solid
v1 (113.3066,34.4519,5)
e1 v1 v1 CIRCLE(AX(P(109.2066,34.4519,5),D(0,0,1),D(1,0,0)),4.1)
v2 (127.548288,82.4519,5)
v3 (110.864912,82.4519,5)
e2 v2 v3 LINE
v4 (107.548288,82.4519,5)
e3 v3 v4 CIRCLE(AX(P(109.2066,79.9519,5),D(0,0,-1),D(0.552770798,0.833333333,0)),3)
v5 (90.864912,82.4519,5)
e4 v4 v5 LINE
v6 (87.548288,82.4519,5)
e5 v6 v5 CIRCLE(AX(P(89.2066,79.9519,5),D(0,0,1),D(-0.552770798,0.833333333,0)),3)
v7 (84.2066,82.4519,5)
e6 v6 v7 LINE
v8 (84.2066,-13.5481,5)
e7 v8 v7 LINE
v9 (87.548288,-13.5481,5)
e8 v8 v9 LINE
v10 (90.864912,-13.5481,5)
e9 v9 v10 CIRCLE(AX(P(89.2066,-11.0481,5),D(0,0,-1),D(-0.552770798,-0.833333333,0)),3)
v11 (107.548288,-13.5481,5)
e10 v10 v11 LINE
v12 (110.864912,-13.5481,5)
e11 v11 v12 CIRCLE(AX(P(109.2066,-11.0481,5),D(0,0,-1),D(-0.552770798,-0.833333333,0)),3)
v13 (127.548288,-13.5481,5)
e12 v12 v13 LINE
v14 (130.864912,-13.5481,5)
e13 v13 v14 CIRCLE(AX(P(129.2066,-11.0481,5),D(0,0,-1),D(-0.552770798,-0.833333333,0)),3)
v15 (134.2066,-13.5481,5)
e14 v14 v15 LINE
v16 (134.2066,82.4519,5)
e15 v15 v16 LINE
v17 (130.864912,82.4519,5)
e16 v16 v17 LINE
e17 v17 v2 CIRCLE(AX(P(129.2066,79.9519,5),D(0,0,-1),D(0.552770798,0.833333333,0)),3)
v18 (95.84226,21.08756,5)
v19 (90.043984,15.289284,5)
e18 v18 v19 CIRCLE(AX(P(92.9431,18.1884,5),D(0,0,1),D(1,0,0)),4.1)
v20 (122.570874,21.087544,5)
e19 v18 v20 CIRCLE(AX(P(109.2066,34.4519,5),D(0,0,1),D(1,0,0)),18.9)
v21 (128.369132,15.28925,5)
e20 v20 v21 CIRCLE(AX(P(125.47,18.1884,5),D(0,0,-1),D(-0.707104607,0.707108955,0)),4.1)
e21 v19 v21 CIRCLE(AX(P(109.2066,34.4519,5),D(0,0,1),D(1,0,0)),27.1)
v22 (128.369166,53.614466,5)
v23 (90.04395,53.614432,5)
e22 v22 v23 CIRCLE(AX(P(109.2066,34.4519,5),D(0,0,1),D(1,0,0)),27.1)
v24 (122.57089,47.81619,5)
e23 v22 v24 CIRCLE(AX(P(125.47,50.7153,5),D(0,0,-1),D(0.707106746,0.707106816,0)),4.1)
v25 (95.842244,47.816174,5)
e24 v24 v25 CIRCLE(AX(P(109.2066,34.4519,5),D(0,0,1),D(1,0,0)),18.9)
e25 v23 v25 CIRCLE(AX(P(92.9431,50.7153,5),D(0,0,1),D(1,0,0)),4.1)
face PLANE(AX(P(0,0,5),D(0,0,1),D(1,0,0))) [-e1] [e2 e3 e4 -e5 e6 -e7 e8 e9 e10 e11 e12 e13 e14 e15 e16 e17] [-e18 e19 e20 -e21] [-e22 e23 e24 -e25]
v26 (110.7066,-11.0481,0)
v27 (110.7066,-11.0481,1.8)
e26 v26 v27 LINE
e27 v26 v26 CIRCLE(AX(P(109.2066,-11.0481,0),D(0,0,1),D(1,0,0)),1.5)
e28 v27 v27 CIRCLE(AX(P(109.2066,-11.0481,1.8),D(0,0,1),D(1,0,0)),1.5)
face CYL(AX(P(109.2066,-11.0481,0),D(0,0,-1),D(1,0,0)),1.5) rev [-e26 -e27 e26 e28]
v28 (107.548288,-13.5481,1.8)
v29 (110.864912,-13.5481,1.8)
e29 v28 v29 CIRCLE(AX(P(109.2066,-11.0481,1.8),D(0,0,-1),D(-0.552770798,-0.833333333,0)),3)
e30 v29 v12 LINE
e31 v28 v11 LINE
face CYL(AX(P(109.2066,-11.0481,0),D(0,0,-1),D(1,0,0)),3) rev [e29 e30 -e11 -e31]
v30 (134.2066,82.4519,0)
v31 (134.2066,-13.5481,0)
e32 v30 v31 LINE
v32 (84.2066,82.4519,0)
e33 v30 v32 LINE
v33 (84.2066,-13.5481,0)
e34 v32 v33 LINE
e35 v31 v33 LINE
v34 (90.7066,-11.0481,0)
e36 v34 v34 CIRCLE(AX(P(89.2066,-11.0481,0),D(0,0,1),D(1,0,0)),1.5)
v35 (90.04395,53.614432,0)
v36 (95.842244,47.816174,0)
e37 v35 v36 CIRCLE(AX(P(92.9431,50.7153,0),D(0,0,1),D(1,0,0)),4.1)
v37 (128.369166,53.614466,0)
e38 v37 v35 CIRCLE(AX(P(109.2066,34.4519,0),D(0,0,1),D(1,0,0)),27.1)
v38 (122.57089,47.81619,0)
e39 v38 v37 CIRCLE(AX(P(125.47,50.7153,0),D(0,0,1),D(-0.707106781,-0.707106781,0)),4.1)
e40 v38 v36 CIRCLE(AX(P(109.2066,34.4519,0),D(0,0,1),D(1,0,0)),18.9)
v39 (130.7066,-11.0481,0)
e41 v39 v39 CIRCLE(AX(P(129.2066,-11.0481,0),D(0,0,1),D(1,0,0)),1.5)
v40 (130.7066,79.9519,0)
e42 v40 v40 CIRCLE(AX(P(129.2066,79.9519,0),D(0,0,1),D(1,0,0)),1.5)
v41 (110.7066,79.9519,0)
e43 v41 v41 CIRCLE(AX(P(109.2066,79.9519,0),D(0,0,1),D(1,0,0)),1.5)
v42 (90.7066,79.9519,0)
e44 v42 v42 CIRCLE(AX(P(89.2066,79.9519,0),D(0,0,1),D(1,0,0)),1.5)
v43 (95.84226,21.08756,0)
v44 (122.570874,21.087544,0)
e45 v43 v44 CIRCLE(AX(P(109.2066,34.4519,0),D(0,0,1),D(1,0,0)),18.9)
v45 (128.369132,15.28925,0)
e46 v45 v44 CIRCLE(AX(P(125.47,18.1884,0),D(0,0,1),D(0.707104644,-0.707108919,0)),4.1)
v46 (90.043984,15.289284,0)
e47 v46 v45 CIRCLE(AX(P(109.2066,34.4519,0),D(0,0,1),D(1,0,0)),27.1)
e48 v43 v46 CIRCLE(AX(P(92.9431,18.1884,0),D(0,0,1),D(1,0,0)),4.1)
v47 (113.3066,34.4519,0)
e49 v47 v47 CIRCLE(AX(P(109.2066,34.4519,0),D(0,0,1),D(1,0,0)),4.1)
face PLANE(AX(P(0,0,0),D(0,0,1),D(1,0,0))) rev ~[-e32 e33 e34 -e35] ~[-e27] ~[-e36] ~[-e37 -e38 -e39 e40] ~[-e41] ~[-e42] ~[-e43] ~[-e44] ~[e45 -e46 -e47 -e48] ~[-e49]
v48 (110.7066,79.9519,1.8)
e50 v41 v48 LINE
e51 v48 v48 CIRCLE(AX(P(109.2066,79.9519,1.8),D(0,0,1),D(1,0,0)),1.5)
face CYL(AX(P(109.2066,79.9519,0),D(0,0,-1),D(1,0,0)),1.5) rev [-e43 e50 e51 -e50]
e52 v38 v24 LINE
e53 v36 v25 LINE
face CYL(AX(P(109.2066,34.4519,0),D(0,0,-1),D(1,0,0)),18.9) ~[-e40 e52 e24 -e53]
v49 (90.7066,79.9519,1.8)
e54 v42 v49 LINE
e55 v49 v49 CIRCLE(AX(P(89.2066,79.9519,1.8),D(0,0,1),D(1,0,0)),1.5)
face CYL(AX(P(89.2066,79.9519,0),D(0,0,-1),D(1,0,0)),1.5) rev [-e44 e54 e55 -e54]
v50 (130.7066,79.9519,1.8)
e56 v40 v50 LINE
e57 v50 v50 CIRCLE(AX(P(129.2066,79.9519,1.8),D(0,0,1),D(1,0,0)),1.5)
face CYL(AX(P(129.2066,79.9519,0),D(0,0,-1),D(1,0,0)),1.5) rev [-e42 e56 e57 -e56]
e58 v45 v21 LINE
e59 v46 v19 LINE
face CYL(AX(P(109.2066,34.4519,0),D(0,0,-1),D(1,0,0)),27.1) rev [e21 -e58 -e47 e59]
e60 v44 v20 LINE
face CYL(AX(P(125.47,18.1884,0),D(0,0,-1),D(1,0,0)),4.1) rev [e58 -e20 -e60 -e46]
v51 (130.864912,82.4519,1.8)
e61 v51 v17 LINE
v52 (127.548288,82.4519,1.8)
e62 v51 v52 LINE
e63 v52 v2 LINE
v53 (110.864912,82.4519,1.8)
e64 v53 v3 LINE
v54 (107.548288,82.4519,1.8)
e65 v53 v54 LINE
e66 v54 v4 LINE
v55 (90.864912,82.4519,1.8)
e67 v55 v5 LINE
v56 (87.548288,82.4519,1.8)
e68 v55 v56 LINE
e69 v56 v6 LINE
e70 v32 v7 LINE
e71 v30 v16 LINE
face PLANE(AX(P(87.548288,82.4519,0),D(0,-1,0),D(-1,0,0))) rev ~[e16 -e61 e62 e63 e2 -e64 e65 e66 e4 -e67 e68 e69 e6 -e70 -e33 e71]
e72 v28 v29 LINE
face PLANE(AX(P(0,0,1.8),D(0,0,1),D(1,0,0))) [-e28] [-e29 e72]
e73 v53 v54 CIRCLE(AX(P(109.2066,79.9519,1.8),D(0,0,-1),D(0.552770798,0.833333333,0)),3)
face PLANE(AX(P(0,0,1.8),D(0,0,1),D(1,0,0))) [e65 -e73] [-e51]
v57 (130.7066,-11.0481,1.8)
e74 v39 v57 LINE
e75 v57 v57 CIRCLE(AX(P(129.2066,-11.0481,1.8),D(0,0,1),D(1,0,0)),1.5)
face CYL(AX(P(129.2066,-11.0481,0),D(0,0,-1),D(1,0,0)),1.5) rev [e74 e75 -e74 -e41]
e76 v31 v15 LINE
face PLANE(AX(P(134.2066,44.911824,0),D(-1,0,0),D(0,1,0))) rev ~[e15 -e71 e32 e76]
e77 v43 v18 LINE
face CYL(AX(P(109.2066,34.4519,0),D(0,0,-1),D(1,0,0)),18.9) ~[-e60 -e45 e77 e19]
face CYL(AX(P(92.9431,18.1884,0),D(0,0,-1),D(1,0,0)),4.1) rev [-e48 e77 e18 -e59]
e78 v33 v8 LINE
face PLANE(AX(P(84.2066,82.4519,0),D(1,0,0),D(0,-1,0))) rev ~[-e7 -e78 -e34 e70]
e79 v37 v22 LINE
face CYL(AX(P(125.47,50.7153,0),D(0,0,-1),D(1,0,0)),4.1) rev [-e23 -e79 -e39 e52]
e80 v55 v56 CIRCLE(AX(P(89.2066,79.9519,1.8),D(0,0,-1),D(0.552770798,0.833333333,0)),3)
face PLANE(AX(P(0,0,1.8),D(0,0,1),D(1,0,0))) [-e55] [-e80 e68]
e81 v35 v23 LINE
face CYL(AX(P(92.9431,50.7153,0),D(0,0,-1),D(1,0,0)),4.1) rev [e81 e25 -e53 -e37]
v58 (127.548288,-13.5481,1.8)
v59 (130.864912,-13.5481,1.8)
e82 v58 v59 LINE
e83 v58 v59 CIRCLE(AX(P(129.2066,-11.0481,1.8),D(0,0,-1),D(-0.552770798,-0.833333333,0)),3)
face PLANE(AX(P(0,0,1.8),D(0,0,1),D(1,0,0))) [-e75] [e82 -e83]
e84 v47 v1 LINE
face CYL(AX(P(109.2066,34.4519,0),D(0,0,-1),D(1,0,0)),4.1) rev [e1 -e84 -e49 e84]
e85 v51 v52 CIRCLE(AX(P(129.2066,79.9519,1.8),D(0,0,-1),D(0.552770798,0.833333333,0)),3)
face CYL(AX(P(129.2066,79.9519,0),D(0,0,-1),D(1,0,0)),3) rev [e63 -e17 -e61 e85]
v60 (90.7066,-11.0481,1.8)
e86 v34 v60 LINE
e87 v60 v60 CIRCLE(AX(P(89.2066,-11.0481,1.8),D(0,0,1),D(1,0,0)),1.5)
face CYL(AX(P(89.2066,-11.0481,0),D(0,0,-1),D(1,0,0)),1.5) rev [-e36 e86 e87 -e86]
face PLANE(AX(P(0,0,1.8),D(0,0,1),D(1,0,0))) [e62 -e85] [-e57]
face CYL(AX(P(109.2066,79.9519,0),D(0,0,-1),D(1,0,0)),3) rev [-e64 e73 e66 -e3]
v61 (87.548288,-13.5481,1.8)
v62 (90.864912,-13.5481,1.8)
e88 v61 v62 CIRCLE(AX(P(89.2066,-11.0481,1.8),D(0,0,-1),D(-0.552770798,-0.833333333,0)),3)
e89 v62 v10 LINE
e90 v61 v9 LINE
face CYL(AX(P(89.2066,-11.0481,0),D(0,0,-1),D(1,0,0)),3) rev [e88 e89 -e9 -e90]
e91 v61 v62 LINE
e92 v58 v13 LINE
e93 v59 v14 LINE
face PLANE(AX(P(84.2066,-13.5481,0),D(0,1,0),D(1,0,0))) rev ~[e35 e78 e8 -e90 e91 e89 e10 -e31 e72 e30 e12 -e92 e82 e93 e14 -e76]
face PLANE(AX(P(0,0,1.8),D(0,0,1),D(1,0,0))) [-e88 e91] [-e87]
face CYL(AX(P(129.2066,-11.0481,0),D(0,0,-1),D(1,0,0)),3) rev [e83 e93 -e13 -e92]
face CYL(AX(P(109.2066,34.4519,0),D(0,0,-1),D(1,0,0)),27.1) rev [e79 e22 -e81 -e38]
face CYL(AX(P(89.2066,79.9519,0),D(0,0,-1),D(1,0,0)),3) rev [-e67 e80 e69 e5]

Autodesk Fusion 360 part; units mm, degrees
sketch "Schizzo5" plane through (0, 0, 0) normal (0, 0, 1) x (1, 0, 0)
  line L0 (84.2066, 82.4519) -> (84.2066, -13.5481)
  circle A0 centre (89.2066, -11.0481) radius 1.5
  circle A1 centre (129.2066, 79.9519) radius 3
  line L1 (84.2066, 34.4519) -> (134.2066, 34.4519) construction
  circle A2 centre (109.2066, 79.9519) radius 1.5
  circle A3 centre (89.2066, 79.9519) radius 3
  circle A4 centre (89.2066, 79.9519) radius 1.5
  line L2 (134.2066, 82.4519) -> (84.2066, 82.4519)
  circle A5 centre (129.2066, 79.9519) radius 1.5
  circle A6 centre (109.2066, 79.9519) radius 3
  circle A7 centre (109.2066, 34.4519) radius 4.1
  circle A8 centre (109.2066, -11.0481) radius 1.5
  line L3 (134.2066, -13.5481) -> (134.2066, 82.4519)
  line L4 (89.2066, 82.4519) -> (89.2066, -13.5481) construction
  circle A9 centre (89.2066, -11.0481) radius 3
  circle A10 centre (109.2066, -11.0481) radius 3
  circle A11 centre (129.2066, -11.0481) radius 1.5
  line L5 (84.2066, -13.5481) -> (134.2066, -13.5481)
  circle A12 centre (129.2066, -11.0481) radius 3
  line L6 (84.2066, -11.0481) -> (134.2066, -11.0481) construction
  line L7 (109.2066, 82.4519) -> (109.2066, -13.5481) construction
  line L8 (109.2066, 34.4519) -> (109.2066, 59.4519) construction
  line L9 (109.2066, 34.4519) -> (109.2066, 59.4519) construction
  line L10 (109.2066, 34.4519) -> (92.9431, 18.1884) construction
  circle A13 centre (92.9431, 18.1884) radius 4.1
  circle A14 centre (92.9431, 50.7153) radius 4.1
  circle A15 centre (125.47, 50.7153) radius 4.1
  circle A16 centre (125.47, 18.1884) radius 4.1
  circle A17 centre (109.2066, 34.4519) radius 18.9
  circle A18 centre (109.2066, 34.4519) radius 27.1
  point P0 (127.8474, 12.2366)
  dimension "d221" = 50
  dimension "d222" = 96
  dimension "d223" = 2.5
  dimension "d224" = 20
  dimension "d225" = 3
  dimension "d226" = 6
  dimension "d227" = 3
  dimension "d228" = 6
  dimension "d229" = 8.2
  dimension "d350" = 8.2
  dimension "d351" = 45
  dimension "d352" = 23
extrude "Estrusione24" add sketch "Schizzo5" along normal blind 5 contours L0 A1 A3 L2 A6 L3 A18 | L0 A13 A14 A17 A18 | L0 L3 A9 A10 L5 A12 A18 | A17 | L3 A15 A16 A17 A18
extrude "Estrusione25" add sketch "Schizzo5" along normal blind 1.8 contours A3 L2 | L2 A6 | A9 L5 | A1 L2 | A10 L5 | L5 A12 picked at (89.244, 82.1172) picked at (109.244, 82.1172) picked at (89.244, -13.2134) picked at (129.244, 82.1172) picked at (109.244, -13.2134) picked at (129.244, -13.2134)
equation "d225 = d227"
equation "d226 = d228"
equation "d350 = d229"
